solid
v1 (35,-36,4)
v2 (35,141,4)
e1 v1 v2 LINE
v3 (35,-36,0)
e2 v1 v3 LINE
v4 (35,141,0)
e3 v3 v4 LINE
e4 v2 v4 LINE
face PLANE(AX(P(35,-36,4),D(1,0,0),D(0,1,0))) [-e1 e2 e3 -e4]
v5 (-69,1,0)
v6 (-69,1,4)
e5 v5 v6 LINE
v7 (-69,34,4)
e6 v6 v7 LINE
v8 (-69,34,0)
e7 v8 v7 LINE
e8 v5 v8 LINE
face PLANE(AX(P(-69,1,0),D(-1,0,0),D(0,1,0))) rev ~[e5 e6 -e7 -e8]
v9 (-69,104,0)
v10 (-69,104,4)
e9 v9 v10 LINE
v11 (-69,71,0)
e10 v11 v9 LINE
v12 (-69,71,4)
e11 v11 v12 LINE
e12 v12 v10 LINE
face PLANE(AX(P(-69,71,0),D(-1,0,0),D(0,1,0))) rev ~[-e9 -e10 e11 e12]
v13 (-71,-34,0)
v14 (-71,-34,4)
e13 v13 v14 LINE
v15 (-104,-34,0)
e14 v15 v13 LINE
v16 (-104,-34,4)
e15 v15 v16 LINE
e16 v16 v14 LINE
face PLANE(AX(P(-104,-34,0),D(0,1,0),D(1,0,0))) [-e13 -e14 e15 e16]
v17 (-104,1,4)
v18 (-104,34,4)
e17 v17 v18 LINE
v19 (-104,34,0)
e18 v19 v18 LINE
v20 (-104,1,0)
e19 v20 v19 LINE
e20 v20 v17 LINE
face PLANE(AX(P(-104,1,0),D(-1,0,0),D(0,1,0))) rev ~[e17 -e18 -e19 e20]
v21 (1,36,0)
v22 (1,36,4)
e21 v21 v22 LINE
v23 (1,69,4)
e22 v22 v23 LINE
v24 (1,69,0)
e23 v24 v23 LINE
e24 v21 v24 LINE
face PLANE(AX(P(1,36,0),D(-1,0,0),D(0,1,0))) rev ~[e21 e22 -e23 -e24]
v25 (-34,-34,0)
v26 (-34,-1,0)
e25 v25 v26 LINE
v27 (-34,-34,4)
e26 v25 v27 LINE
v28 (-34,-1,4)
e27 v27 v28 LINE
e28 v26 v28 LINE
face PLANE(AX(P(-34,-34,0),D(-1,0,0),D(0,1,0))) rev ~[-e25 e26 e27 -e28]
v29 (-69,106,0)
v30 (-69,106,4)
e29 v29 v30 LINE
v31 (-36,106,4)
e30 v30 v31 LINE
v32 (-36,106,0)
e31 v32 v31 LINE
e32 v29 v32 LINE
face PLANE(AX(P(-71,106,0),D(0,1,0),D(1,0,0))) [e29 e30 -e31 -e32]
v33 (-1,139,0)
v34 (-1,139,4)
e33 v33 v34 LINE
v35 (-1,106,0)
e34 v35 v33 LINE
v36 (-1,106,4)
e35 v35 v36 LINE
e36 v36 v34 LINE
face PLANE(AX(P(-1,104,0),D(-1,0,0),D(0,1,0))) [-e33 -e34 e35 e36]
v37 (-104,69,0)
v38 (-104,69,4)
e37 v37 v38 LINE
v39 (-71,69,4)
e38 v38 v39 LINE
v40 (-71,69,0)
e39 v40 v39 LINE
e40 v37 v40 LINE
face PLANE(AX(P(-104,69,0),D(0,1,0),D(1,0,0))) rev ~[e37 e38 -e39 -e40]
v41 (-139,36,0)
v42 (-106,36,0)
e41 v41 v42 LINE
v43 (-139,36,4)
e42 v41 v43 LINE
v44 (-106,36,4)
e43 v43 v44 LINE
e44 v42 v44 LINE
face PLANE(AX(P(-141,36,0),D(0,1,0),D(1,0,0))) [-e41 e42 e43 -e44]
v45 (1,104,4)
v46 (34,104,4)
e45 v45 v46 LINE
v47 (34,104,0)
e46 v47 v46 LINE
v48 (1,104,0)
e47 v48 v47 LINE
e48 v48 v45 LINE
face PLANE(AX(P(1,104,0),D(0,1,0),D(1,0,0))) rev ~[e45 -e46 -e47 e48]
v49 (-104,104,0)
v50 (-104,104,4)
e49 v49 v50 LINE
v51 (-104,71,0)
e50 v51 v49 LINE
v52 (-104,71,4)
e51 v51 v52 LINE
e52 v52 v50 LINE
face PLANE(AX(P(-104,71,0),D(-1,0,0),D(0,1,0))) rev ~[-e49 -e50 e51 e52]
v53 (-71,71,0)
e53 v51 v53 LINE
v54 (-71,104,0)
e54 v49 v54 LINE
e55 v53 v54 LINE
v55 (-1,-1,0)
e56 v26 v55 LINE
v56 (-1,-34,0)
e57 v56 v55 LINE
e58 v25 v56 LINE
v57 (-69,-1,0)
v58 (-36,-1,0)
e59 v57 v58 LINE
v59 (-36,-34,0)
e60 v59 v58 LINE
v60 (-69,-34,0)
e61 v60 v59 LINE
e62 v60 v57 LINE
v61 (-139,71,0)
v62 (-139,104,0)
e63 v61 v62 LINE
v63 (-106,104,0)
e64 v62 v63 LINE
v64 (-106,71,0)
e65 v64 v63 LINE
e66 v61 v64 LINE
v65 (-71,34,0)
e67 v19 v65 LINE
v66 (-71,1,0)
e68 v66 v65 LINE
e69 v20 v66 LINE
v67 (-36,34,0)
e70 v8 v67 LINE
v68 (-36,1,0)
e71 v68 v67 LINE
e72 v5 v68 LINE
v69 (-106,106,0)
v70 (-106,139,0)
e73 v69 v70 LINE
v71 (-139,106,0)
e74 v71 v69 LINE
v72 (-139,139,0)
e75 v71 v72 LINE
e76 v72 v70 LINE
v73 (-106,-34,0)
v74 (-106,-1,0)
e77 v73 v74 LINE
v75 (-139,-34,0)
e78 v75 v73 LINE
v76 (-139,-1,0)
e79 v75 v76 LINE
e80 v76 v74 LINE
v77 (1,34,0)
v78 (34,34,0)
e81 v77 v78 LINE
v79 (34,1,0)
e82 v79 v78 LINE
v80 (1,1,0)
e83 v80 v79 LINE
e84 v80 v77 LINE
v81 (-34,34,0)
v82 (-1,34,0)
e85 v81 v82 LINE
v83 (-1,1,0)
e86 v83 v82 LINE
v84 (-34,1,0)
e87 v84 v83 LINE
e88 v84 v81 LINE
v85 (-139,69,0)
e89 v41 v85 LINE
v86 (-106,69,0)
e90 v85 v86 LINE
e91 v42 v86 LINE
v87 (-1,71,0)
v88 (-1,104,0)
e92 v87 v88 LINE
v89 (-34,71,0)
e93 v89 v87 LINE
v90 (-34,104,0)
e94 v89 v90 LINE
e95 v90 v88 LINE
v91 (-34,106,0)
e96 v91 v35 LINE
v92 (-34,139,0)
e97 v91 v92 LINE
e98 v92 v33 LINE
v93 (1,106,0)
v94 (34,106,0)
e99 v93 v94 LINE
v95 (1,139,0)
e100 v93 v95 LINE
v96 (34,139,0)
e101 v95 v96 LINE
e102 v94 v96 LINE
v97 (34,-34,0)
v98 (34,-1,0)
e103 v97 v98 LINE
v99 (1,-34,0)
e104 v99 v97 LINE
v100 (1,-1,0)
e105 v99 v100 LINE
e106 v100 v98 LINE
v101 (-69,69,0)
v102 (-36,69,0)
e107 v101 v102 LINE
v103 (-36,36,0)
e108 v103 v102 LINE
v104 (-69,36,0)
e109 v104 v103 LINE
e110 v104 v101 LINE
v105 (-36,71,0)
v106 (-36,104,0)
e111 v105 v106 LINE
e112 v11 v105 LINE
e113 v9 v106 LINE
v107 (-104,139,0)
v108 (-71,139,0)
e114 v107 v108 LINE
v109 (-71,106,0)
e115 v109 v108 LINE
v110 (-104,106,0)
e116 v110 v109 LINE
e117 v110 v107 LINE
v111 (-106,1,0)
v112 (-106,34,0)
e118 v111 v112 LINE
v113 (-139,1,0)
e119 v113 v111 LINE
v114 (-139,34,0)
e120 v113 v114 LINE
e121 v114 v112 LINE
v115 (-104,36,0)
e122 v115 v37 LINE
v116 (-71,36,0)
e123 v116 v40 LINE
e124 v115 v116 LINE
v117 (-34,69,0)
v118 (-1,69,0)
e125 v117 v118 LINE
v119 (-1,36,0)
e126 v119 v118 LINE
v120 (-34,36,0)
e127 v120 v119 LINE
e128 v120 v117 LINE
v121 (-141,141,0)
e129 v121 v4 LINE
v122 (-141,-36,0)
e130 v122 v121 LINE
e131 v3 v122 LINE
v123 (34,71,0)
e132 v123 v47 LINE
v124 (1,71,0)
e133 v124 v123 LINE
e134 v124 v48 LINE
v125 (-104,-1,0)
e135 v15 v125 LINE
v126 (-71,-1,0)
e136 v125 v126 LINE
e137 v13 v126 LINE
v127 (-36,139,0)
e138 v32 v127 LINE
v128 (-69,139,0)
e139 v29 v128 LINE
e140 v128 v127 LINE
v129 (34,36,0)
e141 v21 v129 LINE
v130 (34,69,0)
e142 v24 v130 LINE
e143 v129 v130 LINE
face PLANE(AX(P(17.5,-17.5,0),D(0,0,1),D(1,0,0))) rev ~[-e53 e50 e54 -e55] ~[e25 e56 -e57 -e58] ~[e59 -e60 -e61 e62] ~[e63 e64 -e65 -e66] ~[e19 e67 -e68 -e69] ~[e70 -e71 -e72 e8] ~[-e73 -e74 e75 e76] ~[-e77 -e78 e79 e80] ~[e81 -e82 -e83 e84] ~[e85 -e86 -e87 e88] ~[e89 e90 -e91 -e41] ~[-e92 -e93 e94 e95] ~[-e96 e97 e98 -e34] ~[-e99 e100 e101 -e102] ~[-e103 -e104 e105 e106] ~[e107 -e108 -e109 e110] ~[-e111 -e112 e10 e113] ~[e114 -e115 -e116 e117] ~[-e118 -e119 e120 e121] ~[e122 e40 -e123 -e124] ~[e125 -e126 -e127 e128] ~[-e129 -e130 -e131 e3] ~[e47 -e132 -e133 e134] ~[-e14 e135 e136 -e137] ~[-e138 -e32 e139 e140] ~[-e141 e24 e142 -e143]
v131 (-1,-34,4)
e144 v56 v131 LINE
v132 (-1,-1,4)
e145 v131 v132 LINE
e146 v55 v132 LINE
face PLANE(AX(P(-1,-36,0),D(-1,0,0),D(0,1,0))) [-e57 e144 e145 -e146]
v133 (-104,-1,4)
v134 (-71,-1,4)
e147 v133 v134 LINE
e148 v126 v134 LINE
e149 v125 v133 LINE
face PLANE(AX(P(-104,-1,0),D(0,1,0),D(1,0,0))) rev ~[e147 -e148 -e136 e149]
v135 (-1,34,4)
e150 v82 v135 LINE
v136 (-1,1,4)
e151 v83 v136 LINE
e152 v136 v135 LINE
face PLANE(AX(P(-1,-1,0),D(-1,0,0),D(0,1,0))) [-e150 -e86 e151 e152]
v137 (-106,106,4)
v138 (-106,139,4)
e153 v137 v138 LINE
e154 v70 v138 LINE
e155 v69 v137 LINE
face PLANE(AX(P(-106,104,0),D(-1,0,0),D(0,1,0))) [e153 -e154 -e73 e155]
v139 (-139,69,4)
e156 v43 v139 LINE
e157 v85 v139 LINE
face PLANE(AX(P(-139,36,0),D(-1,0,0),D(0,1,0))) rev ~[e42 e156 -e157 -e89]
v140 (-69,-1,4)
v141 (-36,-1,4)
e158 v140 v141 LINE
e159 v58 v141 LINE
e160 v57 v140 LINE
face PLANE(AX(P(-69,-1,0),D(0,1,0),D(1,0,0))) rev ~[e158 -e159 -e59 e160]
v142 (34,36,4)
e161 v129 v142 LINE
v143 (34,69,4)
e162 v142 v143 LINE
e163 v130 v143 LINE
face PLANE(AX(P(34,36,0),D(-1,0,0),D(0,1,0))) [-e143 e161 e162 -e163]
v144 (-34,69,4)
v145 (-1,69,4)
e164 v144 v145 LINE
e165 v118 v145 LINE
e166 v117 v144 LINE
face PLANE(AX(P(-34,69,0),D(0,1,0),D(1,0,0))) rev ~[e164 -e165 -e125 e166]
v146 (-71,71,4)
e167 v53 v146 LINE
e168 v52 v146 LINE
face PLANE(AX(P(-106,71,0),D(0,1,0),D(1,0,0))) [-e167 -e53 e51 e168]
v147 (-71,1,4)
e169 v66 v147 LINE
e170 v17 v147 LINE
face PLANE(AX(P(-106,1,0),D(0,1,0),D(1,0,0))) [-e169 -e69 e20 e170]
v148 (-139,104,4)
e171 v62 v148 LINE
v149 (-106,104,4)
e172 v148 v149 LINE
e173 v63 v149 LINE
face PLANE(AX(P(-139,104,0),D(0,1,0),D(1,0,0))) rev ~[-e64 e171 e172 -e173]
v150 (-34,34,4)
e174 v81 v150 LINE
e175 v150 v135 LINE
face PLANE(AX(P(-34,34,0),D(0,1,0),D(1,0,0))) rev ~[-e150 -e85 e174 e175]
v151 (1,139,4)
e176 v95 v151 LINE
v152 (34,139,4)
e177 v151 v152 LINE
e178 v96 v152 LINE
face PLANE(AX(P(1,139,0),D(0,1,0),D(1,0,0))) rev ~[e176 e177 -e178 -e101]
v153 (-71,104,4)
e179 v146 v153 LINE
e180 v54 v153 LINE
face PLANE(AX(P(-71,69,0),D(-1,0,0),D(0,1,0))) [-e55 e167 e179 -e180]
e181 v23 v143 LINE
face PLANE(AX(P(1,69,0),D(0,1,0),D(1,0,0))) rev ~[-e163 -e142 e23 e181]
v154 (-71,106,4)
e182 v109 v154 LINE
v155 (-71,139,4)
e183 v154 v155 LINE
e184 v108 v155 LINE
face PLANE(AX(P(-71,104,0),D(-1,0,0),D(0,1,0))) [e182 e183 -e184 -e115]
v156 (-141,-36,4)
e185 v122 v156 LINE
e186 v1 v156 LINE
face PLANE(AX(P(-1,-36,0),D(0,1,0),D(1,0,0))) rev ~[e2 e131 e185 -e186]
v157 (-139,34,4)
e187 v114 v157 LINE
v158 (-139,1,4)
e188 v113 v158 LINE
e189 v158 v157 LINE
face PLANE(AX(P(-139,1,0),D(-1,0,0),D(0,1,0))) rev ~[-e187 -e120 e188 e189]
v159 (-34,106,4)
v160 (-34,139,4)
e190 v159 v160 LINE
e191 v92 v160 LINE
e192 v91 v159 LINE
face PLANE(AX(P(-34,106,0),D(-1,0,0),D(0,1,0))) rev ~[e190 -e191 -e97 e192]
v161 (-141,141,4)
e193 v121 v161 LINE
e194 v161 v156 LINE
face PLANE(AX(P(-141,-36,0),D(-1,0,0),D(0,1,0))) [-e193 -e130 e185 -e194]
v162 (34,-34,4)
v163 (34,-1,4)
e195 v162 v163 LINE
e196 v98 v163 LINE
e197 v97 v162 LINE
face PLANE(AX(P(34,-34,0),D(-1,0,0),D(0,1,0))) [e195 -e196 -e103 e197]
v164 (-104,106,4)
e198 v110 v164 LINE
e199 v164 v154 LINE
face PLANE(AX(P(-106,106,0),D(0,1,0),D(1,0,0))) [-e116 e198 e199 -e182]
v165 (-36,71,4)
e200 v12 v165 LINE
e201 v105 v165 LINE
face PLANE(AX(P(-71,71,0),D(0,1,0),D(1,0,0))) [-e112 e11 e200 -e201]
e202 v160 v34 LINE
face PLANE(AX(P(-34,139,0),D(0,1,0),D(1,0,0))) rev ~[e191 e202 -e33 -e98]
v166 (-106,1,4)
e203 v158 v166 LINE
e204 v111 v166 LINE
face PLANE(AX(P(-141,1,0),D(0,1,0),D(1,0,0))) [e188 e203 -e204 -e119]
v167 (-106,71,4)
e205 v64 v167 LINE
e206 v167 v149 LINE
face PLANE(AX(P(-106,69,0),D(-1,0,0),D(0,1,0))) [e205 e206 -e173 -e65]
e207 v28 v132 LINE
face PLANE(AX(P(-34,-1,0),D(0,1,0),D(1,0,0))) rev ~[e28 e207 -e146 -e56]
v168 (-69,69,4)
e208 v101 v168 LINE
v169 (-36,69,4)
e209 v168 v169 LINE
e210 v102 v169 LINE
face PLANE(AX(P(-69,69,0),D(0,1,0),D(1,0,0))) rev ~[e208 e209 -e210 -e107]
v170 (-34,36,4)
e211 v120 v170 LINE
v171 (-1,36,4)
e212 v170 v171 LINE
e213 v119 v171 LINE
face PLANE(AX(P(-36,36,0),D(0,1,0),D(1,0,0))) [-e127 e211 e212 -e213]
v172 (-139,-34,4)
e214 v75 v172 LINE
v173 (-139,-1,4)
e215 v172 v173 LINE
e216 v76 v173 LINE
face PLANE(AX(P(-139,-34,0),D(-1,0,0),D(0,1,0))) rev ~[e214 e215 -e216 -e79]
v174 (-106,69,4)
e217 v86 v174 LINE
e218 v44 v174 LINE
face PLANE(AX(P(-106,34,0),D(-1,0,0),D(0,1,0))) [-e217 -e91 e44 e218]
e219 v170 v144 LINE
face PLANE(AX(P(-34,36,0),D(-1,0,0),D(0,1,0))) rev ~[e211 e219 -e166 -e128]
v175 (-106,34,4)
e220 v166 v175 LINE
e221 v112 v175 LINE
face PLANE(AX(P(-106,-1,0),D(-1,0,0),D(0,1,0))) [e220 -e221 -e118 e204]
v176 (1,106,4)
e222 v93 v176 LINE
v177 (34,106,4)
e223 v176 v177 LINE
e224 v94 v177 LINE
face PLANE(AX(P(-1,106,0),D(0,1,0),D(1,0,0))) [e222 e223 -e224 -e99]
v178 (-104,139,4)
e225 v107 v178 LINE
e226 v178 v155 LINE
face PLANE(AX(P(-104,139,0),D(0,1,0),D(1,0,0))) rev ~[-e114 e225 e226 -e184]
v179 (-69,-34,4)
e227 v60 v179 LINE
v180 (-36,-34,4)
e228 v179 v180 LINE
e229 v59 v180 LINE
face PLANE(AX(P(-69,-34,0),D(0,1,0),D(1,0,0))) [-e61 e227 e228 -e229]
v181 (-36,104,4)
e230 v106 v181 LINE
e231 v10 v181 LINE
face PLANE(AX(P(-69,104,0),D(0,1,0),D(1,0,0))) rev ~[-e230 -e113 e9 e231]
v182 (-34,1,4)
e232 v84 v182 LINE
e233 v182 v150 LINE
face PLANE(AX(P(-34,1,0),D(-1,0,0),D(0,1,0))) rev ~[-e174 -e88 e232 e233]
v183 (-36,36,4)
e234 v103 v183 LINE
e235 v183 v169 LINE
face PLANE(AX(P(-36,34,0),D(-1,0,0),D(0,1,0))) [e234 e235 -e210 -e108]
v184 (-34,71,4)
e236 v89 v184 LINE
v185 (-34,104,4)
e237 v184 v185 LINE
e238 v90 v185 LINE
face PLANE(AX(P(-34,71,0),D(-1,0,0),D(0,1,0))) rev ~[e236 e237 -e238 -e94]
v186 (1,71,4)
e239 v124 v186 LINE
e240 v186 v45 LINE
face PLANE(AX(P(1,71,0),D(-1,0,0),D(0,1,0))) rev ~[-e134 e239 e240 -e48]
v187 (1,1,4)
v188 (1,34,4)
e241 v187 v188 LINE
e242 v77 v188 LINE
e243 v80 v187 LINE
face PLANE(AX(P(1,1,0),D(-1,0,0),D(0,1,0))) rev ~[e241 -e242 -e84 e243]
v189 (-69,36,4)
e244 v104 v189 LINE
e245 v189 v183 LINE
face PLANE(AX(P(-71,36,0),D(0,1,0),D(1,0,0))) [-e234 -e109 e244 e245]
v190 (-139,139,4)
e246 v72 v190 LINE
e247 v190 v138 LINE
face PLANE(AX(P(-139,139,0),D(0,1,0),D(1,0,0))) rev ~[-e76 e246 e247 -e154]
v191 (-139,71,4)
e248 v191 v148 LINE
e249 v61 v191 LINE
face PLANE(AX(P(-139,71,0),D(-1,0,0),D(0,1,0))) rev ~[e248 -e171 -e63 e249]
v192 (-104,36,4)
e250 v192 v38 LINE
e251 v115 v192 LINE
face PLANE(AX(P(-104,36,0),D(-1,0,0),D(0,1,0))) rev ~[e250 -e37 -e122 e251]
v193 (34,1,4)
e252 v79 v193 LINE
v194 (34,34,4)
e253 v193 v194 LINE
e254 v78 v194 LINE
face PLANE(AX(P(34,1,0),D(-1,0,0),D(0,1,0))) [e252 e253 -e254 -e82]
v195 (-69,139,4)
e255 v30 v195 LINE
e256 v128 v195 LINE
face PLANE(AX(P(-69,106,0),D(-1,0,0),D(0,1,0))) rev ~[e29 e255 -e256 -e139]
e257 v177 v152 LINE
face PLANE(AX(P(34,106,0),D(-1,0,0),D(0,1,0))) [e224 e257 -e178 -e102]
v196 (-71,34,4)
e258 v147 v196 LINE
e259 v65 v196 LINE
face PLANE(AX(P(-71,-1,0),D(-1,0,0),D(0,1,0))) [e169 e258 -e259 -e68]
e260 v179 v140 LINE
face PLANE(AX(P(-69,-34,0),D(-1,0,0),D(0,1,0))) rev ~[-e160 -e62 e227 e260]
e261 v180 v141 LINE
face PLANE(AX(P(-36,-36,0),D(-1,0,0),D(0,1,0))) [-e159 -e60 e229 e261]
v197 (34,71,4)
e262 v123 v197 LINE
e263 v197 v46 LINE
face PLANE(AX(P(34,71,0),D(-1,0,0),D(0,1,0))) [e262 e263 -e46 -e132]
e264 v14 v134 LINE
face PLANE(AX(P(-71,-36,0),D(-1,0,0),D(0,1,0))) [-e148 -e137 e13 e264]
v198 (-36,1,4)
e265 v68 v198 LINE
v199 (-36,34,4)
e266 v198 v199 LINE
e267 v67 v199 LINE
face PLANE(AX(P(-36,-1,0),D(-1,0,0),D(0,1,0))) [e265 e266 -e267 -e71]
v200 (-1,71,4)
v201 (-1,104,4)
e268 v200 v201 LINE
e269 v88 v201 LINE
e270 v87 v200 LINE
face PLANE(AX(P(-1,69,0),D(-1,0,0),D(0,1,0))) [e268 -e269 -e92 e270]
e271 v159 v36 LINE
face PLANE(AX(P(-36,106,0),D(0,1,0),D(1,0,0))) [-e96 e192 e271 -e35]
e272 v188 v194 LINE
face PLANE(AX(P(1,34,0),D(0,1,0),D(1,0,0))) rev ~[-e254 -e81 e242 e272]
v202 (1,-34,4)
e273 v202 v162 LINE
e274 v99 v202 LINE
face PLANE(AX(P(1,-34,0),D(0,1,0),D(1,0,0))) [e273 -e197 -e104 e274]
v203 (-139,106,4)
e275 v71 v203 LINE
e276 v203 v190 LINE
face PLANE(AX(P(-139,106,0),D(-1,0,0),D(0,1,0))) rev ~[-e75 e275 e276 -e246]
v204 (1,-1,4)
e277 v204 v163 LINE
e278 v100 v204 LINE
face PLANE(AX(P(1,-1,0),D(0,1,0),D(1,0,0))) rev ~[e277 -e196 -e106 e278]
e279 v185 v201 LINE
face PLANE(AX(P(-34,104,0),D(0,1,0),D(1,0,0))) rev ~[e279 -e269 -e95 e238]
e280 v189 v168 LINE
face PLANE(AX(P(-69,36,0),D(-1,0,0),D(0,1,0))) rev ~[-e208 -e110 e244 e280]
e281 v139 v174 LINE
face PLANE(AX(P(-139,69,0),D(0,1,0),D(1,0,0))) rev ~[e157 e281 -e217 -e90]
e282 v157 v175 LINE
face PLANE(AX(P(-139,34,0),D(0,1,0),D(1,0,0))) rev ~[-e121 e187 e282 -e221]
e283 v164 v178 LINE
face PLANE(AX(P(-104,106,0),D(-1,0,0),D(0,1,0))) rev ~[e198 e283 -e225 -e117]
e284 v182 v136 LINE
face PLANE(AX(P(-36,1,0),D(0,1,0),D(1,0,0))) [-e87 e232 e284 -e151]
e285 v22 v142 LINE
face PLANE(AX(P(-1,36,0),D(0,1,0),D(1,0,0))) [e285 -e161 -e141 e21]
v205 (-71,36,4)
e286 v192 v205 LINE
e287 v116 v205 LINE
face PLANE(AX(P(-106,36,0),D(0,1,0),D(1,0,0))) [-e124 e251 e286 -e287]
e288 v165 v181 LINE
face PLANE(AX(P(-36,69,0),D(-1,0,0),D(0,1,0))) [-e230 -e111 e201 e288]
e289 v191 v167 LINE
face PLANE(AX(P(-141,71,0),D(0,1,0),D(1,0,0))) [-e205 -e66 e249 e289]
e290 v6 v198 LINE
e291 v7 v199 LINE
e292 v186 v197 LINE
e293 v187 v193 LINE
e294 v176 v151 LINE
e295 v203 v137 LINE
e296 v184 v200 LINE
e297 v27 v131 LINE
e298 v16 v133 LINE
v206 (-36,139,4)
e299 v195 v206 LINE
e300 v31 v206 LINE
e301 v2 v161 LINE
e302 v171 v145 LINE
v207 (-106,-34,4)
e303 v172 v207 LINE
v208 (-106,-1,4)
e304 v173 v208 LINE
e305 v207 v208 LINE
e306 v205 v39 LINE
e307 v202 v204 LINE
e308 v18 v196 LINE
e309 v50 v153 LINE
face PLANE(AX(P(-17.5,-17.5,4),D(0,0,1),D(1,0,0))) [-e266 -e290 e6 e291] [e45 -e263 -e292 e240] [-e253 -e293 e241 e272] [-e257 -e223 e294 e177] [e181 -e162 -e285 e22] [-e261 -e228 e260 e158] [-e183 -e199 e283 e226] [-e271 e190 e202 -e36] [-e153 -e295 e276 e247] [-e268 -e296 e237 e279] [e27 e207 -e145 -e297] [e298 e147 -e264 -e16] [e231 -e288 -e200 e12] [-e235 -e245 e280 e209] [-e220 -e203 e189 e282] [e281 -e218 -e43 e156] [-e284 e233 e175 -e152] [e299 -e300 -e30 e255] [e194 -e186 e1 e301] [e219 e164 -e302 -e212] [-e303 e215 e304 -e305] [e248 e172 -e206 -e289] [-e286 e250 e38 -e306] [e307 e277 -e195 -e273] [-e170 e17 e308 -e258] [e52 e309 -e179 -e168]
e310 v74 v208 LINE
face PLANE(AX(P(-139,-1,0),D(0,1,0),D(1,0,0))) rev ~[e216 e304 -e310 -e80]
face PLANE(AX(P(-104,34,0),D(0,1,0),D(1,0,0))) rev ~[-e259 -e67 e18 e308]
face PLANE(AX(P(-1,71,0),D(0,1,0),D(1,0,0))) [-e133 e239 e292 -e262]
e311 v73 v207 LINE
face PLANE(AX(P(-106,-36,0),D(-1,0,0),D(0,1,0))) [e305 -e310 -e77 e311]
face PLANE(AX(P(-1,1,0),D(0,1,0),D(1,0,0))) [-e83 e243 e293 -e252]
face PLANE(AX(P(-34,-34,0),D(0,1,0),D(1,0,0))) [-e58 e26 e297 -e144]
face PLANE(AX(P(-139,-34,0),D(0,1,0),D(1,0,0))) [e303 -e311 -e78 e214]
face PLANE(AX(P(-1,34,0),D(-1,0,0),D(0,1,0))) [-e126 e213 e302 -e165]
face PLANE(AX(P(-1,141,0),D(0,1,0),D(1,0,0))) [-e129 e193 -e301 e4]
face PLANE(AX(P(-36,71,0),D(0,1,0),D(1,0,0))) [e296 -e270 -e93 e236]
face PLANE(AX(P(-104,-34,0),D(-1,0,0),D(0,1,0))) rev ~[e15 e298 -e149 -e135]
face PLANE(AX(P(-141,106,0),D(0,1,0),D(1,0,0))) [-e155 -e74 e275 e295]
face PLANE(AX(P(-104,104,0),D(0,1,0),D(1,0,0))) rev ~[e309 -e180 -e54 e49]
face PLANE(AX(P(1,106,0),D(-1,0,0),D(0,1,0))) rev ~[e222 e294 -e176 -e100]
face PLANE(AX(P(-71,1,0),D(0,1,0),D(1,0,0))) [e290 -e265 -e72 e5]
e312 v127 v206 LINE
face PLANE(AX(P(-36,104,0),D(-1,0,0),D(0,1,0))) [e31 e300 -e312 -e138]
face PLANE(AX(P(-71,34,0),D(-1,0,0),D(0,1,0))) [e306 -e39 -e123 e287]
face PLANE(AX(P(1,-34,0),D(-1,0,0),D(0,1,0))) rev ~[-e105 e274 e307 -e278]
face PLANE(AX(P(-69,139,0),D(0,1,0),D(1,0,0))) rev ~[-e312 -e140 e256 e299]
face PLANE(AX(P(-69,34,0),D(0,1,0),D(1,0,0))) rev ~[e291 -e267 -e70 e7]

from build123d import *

# Parameters (mm, degrees)
CROQUIS1_W              = 37
CROQUIS1_H              = 37
CROQUIS1_W_2            = 33
CROQUIS1_H_2            = 33
SALIENTE_EXTRUIR1_DEPTH = 4
MATRIZL1_COUNT          = 5
MATRIZL1_PITCH          = 35
MATRIZL1_COUNT_DIR2     = 5
MATRIZL1_PITCH_DIR2     = 35
CROQUIS2_W              = 1
CROQUIS2_H              = 177
CORTAR_EXTRUIR1_DEPTH   = 10


with BuildPart() as part:
    # Croquis1 → Saliente-Extruir1 (new body)
    with BuildSketch(Plane.XY):
        with Locations((17.5, -17.5)):
            Rectangle(CROQUIS1_W, CROQUIS1_H)
        with Locations((17.5, -17.5)):
            Rectangle(CROQUIS1_W_2, CROQUIS1_H_2, mode=Mode.SUBTRACT)
    saliente_extruir1 = extrude(amount=SALIENTE_EXTRUIR1_DEPTH)

    # MatrizL1: Saliente-Extruir1 5 × 5
    with Locations(*[(-i * MATRIZL1_PITCH, j * MATRIZL1_PITCH_DIR2, 0) for i in range(MATRIZL1_COUNT) for j in range(MATRIZL1_COUNT_DIR2) if (i, j) != (0, 0)]):
        add(saliente_extruir1)

    # Croquis2 → Cortar-Extruir1 (cut)
    with BuildSketch(Plane.XY.offset(4)):
        with Locations((35.5, 52.5)):
            Rectangle(CROQUIS2_W, CROQUIS2_H)
    extrude(amount=-CORTAR_EXTRUIR1_DEPTH, mode=Mode.SUBTRACT)


solid = part.part
